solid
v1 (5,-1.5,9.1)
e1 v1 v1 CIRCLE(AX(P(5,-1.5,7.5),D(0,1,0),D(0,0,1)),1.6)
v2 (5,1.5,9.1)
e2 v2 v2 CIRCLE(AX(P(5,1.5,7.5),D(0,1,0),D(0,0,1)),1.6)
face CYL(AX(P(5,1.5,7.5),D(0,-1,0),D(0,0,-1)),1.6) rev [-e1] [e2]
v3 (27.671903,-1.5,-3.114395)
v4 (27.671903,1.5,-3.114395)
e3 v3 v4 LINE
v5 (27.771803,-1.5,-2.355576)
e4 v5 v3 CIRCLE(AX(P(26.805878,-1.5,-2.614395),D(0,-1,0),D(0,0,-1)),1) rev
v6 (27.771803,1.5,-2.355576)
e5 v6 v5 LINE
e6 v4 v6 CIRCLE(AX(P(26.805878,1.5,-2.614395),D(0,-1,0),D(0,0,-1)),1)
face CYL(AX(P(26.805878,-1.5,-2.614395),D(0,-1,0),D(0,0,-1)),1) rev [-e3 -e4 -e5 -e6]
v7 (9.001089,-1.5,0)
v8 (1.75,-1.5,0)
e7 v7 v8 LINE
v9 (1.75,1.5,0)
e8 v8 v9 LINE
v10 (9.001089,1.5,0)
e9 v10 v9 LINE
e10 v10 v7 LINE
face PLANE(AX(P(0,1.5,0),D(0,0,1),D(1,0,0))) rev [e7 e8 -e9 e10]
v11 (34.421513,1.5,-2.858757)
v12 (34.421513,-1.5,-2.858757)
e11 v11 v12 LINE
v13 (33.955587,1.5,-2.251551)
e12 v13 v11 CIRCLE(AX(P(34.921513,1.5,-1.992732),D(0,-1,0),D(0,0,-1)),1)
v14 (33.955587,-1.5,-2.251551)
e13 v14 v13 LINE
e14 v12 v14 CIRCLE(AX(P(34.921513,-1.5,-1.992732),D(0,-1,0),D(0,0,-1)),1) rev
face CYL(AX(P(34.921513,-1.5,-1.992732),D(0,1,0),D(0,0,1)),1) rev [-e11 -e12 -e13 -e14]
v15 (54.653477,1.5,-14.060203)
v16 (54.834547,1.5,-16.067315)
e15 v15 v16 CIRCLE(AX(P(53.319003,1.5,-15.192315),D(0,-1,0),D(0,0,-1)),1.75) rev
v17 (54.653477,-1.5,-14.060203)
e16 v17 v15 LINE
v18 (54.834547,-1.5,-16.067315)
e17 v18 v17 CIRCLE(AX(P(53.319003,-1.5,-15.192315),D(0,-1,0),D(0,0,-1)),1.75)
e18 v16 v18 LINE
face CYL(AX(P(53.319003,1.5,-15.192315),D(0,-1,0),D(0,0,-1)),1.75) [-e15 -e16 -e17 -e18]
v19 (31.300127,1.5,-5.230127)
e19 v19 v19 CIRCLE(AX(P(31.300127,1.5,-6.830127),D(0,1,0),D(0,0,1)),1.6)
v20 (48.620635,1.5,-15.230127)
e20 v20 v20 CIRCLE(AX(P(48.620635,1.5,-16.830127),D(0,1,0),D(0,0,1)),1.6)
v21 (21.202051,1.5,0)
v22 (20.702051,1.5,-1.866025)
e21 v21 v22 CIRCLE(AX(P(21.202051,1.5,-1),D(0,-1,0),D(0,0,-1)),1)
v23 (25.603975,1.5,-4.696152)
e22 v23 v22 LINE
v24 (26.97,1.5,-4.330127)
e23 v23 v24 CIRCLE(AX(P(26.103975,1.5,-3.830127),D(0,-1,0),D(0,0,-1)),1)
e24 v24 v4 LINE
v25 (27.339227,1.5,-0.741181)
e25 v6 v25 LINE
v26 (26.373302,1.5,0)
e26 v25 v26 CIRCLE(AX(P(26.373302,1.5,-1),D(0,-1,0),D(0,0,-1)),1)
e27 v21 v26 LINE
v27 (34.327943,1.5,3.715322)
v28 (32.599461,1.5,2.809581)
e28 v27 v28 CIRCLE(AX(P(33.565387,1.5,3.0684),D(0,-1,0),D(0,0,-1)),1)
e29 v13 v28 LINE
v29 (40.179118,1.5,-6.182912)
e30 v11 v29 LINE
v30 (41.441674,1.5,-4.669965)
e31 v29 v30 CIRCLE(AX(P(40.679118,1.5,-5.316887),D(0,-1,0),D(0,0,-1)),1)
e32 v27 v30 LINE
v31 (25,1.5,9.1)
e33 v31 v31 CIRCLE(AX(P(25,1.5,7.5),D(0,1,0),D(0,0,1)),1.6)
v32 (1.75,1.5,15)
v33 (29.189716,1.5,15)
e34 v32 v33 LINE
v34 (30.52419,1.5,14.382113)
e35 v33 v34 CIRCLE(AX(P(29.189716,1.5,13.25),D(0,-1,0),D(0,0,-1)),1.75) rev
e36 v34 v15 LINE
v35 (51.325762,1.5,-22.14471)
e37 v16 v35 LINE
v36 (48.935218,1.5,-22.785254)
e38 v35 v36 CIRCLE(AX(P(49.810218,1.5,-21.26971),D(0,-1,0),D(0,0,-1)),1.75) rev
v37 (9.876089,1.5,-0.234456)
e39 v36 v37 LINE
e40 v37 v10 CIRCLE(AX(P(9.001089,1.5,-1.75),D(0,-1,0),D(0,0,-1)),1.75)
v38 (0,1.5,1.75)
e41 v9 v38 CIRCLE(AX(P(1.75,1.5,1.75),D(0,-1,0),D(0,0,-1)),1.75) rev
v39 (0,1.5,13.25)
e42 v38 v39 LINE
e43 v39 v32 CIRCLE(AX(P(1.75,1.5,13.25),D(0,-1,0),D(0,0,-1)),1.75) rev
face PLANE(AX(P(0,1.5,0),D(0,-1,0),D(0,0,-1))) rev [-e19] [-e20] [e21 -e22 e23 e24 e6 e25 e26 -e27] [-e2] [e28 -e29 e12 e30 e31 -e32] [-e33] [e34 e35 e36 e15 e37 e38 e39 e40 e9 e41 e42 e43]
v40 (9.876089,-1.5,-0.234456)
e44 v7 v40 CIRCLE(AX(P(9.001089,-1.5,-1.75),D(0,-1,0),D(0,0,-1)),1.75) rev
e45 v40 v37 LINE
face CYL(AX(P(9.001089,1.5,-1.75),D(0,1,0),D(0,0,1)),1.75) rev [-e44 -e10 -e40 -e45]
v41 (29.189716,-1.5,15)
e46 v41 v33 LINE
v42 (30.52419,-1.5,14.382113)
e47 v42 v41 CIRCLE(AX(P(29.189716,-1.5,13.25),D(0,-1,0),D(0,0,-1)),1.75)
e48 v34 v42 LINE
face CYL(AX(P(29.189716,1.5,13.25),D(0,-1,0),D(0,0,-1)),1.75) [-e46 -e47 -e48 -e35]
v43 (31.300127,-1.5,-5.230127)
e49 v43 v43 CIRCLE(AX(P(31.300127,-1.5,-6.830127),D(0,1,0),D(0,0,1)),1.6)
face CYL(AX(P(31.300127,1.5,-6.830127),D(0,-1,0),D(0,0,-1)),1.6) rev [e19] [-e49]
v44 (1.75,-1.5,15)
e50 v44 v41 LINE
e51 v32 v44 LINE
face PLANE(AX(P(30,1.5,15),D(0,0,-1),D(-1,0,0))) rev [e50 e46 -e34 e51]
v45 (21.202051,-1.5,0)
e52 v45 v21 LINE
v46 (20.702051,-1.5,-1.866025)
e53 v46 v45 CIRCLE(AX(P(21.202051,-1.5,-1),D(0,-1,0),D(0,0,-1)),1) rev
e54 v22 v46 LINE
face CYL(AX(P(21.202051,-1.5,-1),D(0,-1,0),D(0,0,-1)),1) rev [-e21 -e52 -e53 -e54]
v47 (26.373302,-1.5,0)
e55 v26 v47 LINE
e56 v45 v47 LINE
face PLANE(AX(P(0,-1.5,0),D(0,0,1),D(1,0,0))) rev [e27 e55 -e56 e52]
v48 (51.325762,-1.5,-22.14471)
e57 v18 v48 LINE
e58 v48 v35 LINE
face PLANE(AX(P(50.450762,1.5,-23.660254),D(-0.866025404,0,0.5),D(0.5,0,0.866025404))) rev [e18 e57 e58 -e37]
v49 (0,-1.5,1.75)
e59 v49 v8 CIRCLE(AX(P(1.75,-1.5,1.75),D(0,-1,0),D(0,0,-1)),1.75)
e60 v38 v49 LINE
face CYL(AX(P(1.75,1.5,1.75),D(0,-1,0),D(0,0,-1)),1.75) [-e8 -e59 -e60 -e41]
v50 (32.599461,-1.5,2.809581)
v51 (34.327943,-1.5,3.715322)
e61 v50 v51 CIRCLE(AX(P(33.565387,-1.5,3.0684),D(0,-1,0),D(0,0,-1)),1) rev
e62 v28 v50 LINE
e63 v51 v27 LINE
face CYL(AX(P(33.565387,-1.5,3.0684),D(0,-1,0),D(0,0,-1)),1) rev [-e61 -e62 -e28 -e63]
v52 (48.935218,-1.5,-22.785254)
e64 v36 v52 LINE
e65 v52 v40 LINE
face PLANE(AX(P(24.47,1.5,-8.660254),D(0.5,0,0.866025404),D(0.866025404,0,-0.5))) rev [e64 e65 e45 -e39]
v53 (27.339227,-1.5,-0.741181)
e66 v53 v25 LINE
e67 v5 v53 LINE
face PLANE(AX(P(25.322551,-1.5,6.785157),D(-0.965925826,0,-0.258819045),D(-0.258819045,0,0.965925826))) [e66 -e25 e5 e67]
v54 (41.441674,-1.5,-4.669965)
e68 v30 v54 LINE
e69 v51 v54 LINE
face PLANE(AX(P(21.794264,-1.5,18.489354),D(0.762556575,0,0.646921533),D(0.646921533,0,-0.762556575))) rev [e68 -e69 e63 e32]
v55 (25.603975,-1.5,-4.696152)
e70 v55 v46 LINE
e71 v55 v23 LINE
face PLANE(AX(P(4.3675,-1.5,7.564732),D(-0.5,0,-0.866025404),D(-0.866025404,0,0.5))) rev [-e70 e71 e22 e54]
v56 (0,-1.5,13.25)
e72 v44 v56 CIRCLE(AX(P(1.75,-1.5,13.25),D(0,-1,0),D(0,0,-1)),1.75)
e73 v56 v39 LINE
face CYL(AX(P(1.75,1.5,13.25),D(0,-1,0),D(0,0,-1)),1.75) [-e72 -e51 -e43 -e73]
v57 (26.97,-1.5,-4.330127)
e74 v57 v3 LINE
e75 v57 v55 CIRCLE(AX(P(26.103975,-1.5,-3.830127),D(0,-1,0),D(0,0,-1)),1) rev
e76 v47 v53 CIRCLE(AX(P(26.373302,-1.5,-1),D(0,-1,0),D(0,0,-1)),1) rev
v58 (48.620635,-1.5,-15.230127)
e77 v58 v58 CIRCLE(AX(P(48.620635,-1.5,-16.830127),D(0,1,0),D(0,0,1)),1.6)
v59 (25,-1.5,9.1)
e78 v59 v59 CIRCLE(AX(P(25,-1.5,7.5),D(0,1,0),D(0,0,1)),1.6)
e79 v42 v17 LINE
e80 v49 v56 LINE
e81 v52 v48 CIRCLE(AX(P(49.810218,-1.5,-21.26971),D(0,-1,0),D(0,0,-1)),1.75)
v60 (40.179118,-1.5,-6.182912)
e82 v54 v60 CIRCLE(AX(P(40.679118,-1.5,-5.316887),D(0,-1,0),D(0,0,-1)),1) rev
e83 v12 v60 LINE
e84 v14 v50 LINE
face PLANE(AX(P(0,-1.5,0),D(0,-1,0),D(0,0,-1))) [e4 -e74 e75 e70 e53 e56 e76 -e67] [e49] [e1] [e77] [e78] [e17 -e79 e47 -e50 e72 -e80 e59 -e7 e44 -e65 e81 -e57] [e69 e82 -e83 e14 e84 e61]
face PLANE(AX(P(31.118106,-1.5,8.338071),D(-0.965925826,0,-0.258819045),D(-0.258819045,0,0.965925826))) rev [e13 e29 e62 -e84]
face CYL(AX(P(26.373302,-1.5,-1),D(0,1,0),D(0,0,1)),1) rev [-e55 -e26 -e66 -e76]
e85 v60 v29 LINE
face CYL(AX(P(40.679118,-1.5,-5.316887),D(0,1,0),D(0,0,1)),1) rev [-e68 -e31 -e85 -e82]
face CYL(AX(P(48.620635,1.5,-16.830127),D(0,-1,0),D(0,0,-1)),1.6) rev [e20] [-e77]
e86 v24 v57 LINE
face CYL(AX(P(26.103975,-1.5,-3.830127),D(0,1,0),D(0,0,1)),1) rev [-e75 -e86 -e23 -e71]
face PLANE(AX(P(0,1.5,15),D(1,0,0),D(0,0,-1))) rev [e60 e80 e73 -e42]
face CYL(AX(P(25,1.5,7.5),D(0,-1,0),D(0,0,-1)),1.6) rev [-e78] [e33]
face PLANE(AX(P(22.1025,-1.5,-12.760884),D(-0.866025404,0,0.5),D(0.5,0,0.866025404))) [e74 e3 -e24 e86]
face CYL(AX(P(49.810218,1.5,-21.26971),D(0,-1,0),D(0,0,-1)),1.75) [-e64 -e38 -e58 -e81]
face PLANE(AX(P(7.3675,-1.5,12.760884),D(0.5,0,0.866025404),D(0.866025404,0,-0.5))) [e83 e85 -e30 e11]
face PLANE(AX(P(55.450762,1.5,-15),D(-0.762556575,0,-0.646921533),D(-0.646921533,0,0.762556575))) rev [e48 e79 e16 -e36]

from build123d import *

# Parameters (mm, degrees)
SKETCH_2_R          = 1.6
EXTRUDE_1_DEPTH     = 1.5
CUT_EXTRUDE_1_DEPTH = 3
FILLET_1_R          = 1
FILLET_2_R          = 1.75


with BuildPart() as part:
    # ｽｹｯﾁ2 → ﾎﾞｽ - 押し出し1 (new, symmetric)
    with BuildSketch(Plane(origin=(0, 0, 0), x_dir=(1, 0, 0), z_dir=(0, 1, 0))):
        Polygon((24.47, 8.660254038), (9.47, 0), (0, 0), (0, -15), (30, -15), (55.450762114, 15), (50.450762114, 23.660254038), align=None)
        with Locations(Location((48.620635095, 16.830127019, 0), (0, 0, 270))):
            Circle(SKETCH_2_R, mode=Mode.SUBTRACT)
        with Locations(Location((25, -7.5, 0), (0, 0, 270))):
            Circle(SKETCH_2_R, mode=Mode.SUBTRACT)
        with Locations(Location((31.300127019, 6.830127019, 0), (0, 0, 270))):
            Circle(SKETCH_2_R, mode=Mode.SUBTRACT)
        with Locations(Location((5, -7.5, 0), (0, 0, 270))):
            Circle(SKETCH_2_R, mode=Mode.SUBTRACT)
    extrude(amount=EXTRUDE_1_DEPTH, both=True)

    # ｽｹｯﾁ3 → ｶｯﾄ - 押し出し1 (cut)
    with BuildSketch(Plane(origin=(0, 1.5, 0), x_dir=(1, 0, 0), z_dir=(0, 1, 0))):
        Polygon((26.47, 5.196152423), (17.47, 0), (27.140628594, 0), (27.879009742, 2.755675961), align=None)
        Polygon((33.352285677, 0), (37.479868618, 0), (45.169472556, 9.064094706), (34.062793268, 2.651650429), align=None)
        Polygon((31.44676478, -7.111500799), (37.479868618, 0), (33.352285677, 0), align=None)
    extrude(amount=-CUT_EXTRUDE_1_DEPTH, mode=Mode.SUBTRACT)

    # ﾌｨﾚｯﾄ1
    fillet_1_edges = [part.edges().sort_by_distance(p)[0] for p in [
        (27.879009742, 0, -2.755675961),
        (27.140628594, 0, 0),
        (17.47, 0, 0),
        (26.47, 0, -5.196152423),
        (34.062793268, 0, -2.651650429),
        (45.169472556, 0, -9.064094706),
        (31.44676478, 0, 7.111500799),
    ]]
    fillet(fillet_1_edges, radius=FILLET_1_R)

    # ﾌｨﾚｯﾄ2
    fillet_2_edges = [part.edges().sort_by_distance(p)[0] for p in [
        (50.450762114, 0, -23.660254038),
        (55.450762114, 0, -15),
        (30, 0, 15),
        (0, 0, 15),
        (0, 0, 0),
        (9.47, 0, 0),
    ]]
    fillet(fillet_2_edges, radius=FILLET_2_R)


solid = part.part
